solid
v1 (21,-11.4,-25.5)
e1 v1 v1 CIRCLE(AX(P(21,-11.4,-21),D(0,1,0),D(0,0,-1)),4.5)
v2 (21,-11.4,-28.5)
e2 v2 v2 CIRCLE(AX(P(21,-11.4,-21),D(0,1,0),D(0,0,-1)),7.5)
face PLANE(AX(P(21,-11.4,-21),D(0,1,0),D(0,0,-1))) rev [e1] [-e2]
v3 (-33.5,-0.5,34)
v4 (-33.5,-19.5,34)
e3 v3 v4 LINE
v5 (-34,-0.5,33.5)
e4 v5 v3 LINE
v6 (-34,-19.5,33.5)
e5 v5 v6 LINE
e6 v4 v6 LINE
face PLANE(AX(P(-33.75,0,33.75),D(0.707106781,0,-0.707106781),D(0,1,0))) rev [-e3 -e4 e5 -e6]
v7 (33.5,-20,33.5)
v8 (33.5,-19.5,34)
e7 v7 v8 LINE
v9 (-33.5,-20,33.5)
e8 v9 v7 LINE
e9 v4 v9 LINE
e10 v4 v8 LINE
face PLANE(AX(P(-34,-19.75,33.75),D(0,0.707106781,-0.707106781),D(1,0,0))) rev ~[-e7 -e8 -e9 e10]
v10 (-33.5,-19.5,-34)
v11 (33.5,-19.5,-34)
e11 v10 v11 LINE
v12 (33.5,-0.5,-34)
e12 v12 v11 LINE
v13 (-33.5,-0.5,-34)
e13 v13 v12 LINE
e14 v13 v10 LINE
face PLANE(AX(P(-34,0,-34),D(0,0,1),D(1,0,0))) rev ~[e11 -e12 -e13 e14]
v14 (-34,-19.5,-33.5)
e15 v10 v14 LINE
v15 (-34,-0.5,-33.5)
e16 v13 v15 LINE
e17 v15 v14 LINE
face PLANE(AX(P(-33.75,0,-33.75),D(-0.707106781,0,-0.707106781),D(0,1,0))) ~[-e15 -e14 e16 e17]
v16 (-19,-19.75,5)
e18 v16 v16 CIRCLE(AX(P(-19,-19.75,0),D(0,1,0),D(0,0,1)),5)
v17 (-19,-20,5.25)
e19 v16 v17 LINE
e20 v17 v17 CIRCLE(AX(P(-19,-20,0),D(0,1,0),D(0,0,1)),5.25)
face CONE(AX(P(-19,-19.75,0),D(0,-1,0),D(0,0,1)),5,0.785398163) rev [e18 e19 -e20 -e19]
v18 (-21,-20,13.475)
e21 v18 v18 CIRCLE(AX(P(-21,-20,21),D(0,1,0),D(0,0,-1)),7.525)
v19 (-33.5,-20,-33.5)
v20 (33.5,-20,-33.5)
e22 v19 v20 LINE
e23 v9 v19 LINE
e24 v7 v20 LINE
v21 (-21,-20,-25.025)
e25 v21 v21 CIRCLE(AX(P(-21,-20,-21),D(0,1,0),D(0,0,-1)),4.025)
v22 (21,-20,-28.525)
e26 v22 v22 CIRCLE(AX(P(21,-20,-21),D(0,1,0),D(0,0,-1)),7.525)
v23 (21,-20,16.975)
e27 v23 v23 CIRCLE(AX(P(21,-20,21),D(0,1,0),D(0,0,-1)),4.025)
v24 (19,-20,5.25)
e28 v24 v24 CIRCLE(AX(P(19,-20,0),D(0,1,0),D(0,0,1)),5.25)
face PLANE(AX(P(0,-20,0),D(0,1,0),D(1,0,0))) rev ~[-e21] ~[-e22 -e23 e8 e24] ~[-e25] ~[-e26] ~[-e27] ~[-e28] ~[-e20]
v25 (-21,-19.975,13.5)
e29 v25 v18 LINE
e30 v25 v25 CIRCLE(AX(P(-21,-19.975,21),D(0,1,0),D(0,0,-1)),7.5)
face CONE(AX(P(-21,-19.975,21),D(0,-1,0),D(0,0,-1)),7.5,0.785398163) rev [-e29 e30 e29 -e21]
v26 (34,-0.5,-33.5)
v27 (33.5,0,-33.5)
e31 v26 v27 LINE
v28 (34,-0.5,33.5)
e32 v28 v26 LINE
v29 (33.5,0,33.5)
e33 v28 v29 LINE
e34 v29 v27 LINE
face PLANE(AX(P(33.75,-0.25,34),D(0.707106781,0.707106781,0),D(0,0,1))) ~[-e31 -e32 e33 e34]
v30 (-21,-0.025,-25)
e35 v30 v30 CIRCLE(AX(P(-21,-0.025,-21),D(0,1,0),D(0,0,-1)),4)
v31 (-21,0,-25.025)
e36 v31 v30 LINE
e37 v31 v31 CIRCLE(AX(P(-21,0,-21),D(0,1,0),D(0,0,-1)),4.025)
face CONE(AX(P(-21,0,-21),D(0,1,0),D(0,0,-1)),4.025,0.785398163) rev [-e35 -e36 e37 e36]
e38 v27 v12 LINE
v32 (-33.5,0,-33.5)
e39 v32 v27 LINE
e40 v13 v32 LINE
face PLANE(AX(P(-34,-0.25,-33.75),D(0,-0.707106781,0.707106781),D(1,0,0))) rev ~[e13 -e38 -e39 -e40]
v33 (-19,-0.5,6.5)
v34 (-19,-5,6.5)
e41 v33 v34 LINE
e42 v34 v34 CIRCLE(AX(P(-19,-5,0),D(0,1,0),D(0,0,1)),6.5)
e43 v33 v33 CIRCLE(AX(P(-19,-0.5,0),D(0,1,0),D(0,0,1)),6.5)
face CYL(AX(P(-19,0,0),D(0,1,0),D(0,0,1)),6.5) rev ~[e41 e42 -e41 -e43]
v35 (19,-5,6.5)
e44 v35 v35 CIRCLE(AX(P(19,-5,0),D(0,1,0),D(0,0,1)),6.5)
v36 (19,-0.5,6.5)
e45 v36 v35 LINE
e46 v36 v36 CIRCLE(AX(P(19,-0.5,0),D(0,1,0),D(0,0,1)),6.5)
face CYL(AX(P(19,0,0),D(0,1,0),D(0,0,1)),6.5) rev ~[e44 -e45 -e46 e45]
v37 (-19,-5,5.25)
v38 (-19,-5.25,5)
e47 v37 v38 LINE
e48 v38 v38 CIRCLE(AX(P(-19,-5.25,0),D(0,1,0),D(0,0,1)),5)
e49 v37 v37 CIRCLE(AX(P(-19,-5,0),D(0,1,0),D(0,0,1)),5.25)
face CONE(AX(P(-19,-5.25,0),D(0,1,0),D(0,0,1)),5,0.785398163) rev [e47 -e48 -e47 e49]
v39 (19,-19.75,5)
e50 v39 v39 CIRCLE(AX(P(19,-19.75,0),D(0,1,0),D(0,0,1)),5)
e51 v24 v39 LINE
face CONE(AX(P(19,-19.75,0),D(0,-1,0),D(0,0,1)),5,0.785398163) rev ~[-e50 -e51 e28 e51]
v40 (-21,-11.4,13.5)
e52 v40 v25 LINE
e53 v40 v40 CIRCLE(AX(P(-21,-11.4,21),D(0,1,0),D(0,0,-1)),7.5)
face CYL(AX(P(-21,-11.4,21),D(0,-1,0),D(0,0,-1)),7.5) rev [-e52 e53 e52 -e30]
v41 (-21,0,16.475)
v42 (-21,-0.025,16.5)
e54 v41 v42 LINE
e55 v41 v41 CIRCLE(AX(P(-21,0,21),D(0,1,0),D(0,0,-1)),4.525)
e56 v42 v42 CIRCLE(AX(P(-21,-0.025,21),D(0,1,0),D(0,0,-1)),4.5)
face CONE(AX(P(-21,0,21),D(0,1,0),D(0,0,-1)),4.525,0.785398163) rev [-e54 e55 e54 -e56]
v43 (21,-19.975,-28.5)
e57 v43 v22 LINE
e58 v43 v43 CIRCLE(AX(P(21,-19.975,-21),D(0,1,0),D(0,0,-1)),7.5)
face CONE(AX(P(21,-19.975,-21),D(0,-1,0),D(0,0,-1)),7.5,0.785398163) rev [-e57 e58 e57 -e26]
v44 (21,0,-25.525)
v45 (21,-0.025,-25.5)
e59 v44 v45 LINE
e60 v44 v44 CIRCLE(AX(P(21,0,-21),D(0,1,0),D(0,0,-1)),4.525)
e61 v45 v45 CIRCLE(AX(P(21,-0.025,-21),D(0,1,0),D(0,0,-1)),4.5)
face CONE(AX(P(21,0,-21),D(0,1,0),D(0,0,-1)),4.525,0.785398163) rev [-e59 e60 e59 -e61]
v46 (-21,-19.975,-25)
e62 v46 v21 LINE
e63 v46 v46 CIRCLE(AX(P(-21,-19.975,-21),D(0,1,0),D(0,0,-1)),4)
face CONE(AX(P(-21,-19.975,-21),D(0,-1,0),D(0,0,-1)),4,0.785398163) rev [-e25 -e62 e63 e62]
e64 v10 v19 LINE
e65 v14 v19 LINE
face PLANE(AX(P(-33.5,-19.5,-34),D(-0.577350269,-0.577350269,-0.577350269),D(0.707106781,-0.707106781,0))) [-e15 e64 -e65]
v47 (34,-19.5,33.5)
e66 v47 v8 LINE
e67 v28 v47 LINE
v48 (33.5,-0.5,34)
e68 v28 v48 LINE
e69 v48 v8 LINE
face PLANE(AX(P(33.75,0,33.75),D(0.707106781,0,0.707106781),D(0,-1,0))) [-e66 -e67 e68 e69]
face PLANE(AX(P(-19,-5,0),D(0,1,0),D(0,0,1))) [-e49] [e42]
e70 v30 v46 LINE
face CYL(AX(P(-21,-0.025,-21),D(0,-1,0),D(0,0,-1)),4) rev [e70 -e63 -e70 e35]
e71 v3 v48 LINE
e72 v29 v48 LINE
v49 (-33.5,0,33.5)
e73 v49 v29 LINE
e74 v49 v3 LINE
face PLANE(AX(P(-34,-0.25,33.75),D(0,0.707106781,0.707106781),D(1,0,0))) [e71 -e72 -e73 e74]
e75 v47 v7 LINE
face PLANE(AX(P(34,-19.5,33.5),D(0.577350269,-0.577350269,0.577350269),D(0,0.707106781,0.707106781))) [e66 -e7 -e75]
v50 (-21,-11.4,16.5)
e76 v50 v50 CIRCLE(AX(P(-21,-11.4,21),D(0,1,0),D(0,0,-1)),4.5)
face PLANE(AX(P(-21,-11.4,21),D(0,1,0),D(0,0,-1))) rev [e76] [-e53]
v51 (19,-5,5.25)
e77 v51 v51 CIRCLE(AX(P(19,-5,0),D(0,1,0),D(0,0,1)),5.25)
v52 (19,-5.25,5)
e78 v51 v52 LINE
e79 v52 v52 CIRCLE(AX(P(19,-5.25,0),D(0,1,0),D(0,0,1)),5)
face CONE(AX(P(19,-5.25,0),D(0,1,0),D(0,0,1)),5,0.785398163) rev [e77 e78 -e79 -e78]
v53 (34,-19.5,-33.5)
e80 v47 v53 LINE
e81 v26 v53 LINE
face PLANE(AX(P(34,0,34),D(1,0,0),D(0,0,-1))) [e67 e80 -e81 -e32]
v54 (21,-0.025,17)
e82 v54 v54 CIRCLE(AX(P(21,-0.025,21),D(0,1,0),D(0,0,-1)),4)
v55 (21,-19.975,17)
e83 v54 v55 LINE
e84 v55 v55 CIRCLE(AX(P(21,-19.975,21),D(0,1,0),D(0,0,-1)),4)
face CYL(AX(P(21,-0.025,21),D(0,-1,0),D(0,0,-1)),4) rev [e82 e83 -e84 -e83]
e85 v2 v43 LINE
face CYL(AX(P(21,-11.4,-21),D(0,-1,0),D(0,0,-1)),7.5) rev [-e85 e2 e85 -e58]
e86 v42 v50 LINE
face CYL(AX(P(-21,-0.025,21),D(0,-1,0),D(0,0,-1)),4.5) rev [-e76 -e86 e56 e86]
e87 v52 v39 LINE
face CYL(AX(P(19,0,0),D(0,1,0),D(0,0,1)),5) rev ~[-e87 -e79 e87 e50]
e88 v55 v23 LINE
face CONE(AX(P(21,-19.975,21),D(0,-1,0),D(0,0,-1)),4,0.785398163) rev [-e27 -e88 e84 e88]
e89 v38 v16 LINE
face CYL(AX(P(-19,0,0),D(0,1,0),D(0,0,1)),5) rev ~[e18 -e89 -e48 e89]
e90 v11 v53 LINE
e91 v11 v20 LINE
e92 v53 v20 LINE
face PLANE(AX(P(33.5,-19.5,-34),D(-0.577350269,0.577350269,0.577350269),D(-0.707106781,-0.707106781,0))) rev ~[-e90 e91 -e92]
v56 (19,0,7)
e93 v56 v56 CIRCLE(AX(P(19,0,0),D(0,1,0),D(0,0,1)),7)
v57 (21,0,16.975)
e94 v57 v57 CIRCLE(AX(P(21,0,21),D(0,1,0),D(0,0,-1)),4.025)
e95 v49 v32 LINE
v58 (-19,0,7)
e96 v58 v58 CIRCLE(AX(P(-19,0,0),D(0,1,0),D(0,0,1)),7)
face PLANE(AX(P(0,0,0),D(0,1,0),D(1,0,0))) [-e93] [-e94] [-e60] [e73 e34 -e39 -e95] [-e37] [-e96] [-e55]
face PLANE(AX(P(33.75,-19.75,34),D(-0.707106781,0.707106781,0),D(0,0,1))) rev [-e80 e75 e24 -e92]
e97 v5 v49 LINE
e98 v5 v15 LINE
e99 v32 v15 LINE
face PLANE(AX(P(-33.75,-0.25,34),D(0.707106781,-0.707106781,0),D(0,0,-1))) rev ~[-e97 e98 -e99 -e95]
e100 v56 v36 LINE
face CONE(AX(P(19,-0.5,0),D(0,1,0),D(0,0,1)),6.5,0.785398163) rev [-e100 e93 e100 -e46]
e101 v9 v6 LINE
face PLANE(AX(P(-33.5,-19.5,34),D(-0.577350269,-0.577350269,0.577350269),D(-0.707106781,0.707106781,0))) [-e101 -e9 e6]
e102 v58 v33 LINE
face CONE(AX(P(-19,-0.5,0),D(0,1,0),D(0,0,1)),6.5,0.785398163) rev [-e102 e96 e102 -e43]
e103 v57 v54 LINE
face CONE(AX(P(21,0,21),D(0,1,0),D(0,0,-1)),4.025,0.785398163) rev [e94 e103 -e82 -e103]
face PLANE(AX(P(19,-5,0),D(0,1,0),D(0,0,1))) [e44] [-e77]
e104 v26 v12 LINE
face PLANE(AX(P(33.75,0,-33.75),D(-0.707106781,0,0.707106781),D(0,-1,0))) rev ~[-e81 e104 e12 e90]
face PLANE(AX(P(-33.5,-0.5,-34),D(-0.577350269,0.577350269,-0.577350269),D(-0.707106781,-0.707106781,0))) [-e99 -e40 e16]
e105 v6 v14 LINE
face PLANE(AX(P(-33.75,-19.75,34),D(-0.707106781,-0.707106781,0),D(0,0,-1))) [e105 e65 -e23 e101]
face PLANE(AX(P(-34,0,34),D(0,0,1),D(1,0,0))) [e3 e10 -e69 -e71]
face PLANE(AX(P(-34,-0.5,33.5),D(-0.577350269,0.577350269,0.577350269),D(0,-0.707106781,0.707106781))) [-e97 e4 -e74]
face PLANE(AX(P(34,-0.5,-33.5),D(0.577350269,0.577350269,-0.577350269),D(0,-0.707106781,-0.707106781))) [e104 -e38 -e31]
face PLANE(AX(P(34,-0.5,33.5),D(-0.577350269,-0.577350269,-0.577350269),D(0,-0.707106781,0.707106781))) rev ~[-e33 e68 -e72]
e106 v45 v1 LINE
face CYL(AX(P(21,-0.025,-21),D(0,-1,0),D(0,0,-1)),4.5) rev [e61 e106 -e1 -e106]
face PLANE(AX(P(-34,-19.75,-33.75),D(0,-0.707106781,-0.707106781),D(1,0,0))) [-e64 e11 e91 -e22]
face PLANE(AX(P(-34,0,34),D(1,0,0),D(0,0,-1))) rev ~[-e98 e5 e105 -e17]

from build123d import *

# Parameters (mm, degrees)
SKETCH1_W                                    = 68
SKETCH1_H                                    = 68
BOSS_EXTRUDE1_DEPTH                          = 20
CUT_EXTRUDE1_REACH                           = 54.077
SKETCH2_R                                    = 5
SKETCH3_R                                    = 6.5
CUT_EXTRUDE2_DEPTH                           = 5
CHAMFER2_SIZE                                = 0.5
CHAMFER4_SIZE                                = 0.5
CHAMFER5_SIZE                                = 0.25
CBORE_FOR_M8_HEX_SOCKET_HEAD_CAP_SCR_2_COUNT = 2
CBORE_FOR_M8_HEX_SOCKET_HEAD_CAP_SCR_2_PITCH = 59.39696962
F_8_0MM_DOWEL_HOLE1_AT_2_COUNT               = 2
F_8_0MM_DOWEL_HOLE1_AT_2_PITCH               = 59.39696962


with BuildPart() as part:
    # Sketch1 → Boss-Extrude1 (new body)
    with BuildSketch(Plane(origin=(0, 0, 0), x_dir=(1, 0, 0), z_dir=(0, 1, 0))):
        Rectangle(SKETCH1_W, SKETCH1_H)
    extrude(amount=-BOSS_EXTRUDE1_DEPTH)

    # Sketch2 → Cut-Extrude1 (cut, up to next)
    with BuildSketch(Plane(origin=(0, 0, 0), x_dir=(1, 0, 0), z_dir=(0, 1, 0)), mode=Mode.PRIVATE) as cut_extrude1_sk1:
        with Locations(Location((-19, 0, 0), (0, 0, 270))):
            Circle(SKETCH2_R)
    cut_extrude1_tool1 = extrude(cut_extrude1_sk1.sketch, amount=-CUT_EXTRUDE1_REACH, mode=Mode.PRIVATE) & part.part
    # Sketch2 → Cut-Extrude1 (cut, up to next)
    with BuildSketch(Plane(origin=(0, 0, 0), x_dir=(1, 0, 0), z_dir=(0, 1, 0)), mode=Mode.PRIVATE) as cut_extrude1_sk2:
        with Locations(Location((19, 0, 0), (0, 0, 270))):
            Circle(SKETCH2_R)
    cut_extrude1_tool2 = extrude(cut_extrude1_sk2.sketch, amount=-CUT_EXTRUDE1_REACH, mode=Mode.PRIVATE) & part.part
    add(cut_extrude1_tool1.solids().sort_by_distance((-19, 0, 0))[0], mode=Mode.SUBTRACT)
    add(cut_extrude1_tool2.solids().sort_by_distance((19, 0, 0))[0], mode=Mode.SUBTRACT)

    # Sketch3 → Cut-Extrude2 (cut)
    with BuildSketch(Plane(origin=(0, 0, 0), x_dir=(1, 0, 0), z_dir=(0, 1, 0))):
        with Locations(Location((-19, 0, 0), (0, 0, 270))):
            Circle(SKETCH3_R)
        with Locations(Location((19, 0, 0), (0, 0, 270))):
            Circle(SKETCH3_R)
    extrude(amount=-CUT_EXTRUDE2_DEPTH, mode=Mode.SUBTRACT)

    # Chamfer2
    chamfer2_edges = [part.edges().sort_by_distance(p)[0] for p in [
        (-34, -20, 0),
        (0, -20, 34),
        (34, -20, 0),
        (0, 0, 34),
        (-34, 0, 0),
        (0, 0, -34),
        (34, 0, 0),
        (34, -10, 34),
        (-34, -10, 34),
        (-34, -10, -34),
        (34, -10, -34),
        (0, -20, -34),
    ]]
    chamfer(chamfer2_edges, length=CHAMFER2_SIZE)

    # Chamfer4
    chamfer4_edges = [part.edges().sort_by_distance(p)[0] for p in [
        (-19, 0, -6.5),
        (19, 0, -6.5),
    ]]
    chamfer(chamfer4_edges, length=CHAMFER4_SIZE)

    # Chamfer5
    chamfer5_edges = [part.edges().sort_by_distance(p)[0] for p in [
        (-19, -20, -5),
        (19, -20, -5),
        (-19, -5, -5),
        (19, -5, -5),
    ]]
    chamfer(chamfer5_edges, length=CHAMFER5_SIZE)

    # Sketch5 → CBORE for M8 Hex Socket Head Cap Screw1 (revolve, cut)
    with BuildSketch(Plane(origin=(-21, -20, 21), x_dir=(0, 0, -1), z_dir=(1, 0, 0))):
        Polygon((0, 0), (0, 20), (4.525, 20), (4.5, 19.975), (4.5, 8.6), (7.5, 8.6), (7.5, 0.025), (7.525, 0), align=None)
    cbore_for_m8_hex_socket_head_cap_screw1 = revolve(axis=Axis((-21, -26.35, 21), (0, 1, 0)), mode=Mode.SUBTRACT)

    # CBORE for M8 Hex Socket Head Cap Scr 2: CBORE for M8 Hex Socket Head Cap Screw1 ×2
    with Locations(*[Vector(0.7071067811865476, 0, -0.7071067811865476) * (i * CBORE_FOR_M8_HEX_SOCKET_HEAD_CAP_SCR_2_PITCH) for i in range(1, CBORE_FOR_M8_HEX_SOCKET_HEAD_CAP_SCR_2_COUNT)]):
        add(cbore_for_m8_hex_socket_head_cap_screw1, mode=Mode.SUBTRACT)

    # Sketch7 → Ø8.0mm Dowel Hole1 (revolve, cut)
    with BuildSketch(Plane(origin=(-21, -20, -21), x_dir=(0, 0, -1), z_dir=(1, 0, 0))):
        Polygon((0, 0), (0, 20), (4.025, 20), (4, 19.975), (4, 0.025), (4.025, 0), align=None)
    f_8_0mm_dowel_hole1 = revolve(axis=Axis((-21, -26.35, -21), (0, 1, 0)), mode=Mode.SUBTRACT)

    # Ø8.0mm Dowel Hole1 at 2: Ø8.0mm Dowel Hole1 ×2
    with Locations(*[Vector(0.7071067811865476, 0, 0.7071067811865476) * (i * F_8_0MM_DOWEL_HOLE1_AT_2_PITCH) for i in range(1, F_8_0MM_DOWEL_HOLE1_AT_2_COUNT)]):
        add(f_8_0mm_dowel_hole1, mode=Mode.SUBTRACT)


solid = part.part
